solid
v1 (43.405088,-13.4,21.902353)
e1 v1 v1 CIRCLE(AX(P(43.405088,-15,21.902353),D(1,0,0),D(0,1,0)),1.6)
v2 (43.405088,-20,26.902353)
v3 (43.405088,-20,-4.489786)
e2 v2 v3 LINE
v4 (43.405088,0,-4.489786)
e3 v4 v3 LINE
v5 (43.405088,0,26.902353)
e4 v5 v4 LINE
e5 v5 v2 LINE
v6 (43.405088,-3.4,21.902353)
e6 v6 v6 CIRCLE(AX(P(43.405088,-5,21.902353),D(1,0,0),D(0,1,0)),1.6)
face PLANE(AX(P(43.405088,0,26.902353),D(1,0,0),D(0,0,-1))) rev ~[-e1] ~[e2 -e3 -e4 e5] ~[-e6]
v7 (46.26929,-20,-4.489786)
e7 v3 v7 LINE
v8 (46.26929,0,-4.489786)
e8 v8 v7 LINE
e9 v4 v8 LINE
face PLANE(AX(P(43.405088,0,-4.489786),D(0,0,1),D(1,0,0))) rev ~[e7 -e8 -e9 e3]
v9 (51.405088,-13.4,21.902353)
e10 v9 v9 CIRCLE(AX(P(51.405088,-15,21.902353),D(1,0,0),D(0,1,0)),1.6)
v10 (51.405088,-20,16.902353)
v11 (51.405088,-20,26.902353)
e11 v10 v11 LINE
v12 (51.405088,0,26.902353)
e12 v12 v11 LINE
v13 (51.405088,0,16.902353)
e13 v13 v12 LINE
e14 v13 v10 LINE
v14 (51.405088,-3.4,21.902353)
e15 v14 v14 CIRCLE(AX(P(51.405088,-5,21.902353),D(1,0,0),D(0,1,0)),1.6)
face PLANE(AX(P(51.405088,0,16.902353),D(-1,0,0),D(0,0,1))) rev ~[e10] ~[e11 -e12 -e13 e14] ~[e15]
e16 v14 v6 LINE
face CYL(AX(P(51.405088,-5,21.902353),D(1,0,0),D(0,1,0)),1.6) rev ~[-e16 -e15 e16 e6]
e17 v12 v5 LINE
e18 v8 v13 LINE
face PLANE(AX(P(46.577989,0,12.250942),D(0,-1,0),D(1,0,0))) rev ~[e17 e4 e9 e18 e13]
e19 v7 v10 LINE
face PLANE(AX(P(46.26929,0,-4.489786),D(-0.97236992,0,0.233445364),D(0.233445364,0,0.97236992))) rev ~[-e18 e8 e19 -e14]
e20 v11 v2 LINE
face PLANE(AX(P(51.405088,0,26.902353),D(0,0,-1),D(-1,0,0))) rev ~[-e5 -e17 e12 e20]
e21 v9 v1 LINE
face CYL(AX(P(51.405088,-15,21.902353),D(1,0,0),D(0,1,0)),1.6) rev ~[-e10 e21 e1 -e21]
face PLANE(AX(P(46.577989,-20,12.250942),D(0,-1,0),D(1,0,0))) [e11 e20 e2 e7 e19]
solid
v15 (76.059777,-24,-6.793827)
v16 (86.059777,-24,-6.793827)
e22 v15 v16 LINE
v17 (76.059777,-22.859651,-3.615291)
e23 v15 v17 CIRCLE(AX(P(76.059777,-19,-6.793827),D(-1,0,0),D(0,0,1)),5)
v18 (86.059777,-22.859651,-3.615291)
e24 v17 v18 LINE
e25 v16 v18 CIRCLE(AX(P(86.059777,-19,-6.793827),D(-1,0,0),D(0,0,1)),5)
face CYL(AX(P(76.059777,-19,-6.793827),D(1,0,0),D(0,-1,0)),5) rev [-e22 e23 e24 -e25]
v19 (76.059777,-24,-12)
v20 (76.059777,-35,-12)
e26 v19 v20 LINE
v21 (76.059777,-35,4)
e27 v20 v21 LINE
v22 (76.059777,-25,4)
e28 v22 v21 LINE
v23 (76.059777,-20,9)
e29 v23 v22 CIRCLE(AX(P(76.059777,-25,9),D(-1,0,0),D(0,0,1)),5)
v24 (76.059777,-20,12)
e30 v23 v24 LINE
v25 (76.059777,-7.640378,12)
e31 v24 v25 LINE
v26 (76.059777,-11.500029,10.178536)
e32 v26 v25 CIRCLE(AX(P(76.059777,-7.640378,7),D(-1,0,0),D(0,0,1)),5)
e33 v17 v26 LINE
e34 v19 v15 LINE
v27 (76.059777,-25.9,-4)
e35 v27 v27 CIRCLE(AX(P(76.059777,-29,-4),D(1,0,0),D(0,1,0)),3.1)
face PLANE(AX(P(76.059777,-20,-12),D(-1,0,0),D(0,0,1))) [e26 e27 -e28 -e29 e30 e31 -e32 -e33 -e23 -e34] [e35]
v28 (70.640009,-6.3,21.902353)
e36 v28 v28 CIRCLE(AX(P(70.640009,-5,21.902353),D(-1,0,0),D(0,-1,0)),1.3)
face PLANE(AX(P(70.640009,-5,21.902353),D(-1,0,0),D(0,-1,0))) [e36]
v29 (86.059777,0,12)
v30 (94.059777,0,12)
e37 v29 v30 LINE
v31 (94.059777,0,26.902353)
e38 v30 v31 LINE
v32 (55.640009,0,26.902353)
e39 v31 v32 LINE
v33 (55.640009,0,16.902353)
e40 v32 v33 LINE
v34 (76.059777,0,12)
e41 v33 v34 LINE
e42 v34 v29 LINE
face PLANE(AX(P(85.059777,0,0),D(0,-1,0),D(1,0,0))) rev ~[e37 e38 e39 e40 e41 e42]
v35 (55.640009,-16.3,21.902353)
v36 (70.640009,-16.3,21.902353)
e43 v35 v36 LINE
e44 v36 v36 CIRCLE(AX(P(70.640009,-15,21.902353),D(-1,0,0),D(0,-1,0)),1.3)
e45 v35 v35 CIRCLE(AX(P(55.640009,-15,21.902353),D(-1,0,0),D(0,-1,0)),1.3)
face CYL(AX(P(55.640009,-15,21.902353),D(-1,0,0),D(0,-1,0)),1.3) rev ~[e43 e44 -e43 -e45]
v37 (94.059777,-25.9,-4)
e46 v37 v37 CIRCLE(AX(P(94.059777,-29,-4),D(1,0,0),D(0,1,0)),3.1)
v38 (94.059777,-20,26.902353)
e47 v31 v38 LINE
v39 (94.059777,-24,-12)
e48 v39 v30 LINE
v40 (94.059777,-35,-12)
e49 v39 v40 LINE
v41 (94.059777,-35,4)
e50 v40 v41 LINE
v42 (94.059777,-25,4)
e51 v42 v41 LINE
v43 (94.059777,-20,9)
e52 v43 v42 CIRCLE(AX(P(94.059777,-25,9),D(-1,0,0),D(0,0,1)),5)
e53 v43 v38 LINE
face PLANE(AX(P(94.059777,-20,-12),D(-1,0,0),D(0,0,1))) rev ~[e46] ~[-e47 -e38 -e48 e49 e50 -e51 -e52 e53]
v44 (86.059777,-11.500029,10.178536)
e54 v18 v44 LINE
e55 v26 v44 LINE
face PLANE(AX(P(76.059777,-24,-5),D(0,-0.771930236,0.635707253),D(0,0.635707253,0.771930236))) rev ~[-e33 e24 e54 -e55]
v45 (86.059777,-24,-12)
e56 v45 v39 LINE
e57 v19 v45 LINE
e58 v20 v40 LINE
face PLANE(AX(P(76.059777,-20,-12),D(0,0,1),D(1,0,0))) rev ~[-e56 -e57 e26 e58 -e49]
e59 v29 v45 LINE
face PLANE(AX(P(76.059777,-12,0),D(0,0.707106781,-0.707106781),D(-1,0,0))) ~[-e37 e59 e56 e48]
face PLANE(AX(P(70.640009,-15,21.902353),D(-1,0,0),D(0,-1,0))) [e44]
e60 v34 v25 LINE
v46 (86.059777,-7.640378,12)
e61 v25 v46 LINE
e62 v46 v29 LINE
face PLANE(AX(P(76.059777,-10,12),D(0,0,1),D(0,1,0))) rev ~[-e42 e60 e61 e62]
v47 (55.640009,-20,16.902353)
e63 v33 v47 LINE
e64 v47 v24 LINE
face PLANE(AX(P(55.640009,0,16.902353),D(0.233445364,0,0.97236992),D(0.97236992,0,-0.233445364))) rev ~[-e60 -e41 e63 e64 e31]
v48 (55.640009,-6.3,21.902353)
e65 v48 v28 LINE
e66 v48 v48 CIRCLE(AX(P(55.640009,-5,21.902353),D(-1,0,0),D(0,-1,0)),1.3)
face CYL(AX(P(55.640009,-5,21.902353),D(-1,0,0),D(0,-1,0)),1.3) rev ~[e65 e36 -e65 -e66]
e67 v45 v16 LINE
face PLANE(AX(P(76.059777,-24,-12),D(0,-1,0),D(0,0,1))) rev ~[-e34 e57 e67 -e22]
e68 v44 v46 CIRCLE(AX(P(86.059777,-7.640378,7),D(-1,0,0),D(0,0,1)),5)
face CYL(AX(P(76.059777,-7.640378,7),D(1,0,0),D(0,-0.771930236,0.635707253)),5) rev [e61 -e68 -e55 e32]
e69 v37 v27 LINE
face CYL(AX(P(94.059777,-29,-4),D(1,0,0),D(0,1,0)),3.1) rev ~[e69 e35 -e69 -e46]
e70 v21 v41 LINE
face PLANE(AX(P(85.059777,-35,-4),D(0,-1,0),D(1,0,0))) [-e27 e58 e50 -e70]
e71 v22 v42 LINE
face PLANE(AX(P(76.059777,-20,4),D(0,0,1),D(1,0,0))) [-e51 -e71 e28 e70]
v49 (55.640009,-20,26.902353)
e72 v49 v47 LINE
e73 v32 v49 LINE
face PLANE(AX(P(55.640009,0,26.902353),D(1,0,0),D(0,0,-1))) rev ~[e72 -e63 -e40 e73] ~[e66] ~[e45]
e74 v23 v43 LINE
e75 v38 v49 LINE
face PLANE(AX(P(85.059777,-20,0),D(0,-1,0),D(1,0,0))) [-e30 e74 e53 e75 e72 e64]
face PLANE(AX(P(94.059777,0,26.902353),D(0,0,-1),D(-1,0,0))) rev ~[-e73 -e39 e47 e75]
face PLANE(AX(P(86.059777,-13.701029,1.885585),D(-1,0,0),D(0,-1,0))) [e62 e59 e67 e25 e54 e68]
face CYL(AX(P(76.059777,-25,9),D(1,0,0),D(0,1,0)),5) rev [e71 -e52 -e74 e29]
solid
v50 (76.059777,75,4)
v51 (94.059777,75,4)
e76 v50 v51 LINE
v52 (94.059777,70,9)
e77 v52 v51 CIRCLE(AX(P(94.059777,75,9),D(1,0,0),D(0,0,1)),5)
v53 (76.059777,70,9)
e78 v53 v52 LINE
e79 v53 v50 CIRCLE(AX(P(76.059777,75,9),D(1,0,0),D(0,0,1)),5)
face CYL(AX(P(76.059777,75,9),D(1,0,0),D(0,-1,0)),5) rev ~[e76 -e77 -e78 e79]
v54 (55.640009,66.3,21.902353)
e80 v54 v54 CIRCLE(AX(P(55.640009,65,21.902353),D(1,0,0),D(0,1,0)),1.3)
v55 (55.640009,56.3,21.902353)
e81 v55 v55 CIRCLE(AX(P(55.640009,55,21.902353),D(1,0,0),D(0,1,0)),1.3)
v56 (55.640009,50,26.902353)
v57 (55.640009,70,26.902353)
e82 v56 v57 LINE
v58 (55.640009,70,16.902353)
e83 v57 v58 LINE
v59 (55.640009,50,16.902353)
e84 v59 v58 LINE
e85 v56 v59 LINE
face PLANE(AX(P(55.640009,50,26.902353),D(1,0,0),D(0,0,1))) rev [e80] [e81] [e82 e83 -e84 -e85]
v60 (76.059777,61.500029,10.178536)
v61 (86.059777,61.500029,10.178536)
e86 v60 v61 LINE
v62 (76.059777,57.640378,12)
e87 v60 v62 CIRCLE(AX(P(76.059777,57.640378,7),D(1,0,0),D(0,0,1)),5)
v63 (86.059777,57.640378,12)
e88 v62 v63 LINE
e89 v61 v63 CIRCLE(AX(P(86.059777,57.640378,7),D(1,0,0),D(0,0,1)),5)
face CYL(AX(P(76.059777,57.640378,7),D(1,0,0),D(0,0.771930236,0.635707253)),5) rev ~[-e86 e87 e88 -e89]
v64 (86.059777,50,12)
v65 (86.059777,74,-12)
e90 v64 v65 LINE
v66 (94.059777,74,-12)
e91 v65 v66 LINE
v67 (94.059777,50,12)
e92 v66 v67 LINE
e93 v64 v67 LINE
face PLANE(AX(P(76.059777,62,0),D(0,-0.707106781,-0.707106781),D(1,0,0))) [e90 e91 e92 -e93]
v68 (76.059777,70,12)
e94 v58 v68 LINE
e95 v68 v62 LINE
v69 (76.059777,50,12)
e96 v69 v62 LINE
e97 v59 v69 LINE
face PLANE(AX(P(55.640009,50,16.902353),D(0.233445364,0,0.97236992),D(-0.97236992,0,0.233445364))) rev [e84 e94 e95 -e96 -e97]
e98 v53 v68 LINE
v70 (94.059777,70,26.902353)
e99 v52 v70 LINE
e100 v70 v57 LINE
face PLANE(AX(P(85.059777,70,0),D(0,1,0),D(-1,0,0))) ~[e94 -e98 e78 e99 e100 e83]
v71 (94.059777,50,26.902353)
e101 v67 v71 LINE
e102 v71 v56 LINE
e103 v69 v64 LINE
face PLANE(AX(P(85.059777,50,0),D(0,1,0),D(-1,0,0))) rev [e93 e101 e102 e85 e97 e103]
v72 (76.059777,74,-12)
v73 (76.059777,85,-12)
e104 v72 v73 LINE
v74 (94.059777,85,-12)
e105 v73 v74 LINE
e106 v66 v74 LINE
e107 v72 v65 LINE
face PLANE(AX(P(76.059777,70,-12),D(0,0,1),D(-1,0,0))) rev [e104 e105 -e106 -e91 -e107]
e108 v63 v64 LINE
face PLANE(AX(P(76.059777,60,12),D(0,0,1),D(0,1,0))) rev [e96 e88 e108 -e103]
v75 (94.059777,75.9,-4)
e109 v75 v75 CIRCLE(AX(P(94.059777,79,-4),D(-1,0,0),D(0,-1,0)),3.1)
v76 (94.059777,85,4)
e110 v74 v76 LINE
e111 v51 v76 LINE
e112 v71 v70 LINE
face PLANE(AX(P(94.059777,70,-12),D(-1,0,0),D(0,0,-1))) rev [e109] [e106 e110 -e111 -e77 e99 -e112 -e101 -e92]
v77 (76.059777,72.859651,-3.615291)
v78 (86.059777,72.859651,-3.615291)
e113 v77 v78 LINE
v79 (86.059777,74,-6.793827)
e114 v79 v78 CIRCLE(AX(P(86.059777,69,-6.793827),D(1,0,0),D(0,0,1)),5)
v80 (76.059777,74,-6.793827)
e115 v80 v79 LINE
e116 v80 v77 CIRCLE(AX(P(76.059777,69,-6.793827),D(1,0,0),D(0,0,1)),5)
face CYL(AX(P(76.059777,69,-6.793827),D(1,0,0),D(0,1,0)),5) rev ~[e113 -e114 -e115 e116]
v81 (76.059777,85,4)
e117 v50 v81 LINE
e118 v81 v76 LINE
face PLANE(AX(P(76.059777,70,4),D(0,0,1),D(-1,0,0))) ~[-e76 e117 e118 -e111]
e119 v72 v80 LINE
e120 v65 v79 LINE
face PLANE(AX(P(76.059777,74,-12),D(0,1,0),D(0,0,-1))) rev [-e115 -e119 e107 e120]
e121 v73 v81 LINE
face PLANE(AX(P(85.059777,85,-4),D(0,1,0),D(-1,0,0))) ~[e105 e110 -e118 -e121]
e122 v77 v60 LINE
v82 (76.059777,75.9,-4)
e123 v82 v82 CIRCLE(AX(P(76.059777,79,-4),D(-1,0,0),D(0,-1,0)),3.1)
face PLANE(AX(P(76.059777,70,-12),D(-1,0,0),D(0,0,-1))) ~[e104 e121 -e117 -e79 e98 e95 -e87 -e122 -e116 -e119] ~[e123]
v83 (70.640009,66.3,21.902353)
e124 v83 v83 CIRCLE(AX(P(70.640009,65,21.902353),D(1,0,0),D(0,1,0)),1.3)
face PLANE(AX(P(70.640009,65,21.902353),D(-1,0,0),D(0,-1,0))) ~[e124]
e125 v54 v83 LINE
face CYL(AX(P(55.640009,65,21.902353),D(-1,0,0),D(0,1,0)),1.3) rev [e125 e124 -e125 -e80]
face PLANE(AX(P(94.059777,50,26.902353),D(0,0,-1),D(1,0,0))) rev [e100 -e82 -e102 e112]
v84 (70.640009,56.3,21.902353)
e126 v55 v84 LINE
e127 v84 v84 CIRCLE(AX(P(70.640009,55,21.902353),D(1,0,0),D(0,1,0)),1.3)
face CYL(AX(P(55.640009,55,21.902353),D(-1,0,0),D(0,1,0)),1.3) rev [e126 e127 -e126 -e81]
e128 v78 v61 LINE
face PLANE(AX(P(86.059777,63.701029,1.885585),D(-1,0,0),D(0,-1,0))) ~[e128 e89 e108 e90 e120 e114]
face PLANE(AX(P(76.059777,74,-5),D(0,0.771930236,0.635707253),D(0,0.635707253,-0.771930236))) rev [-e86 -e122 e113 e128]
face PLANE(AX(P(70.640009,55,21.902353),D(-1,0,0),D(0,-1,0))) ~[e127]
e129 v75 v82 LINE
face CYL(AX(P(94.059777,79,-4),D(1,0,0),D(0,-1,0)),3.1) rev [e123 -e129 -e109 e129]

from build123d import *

# Parameters (mm, degrees)
F0_W      = 18
F0_H      = 24
F1_DEPTH  = 20
F2_R      = 1.3
F3_DEPTH  = 15
F4_R      = 1.6
F5_DEPTH  = 10
F6_W      = 18
F6_H      = 16
F7_DEPTH  = 15
F8_R      = 3.1
F9_DEPTH  = 50.6556891443
F10_SIZE  = 24
F12_DEPTH = 10
F13_R     = 5


with BuildPart() as f1:
    # F0 (on Front) → F1 (new body)
    with BuildSketch(Plane.XZ):
        with Locations((85.0597769022, 0)):
            Rectangle(F0_W, F0_H)
        Polygon((76.0597769022, 12), (94.0597769022, 12), (94.0597769022, 26.902352641), (55.6400085738, 26.902352641), (55.6400085738, 16.902352641), align=None)
    extrude(amount=F1_DEPTH)

    # F2 (on face) → F3 (cut)
    with BuildSketch(Plane(origin=(55.6400085738, 0, 0), x_dir=(0, -1, 0), z_dir=(-1, 0, 0))):
        with Locations((15, 21.902352641)):
            Circle(F2_R)
        with Locations((5, 21.902352641)):
            Circle(F2_R)
    extrude(amount=-F3_DEPTH, mode=Mode.SUBTRACT)

    # F6 (on face) → F7 (join)
    with BuildSketch(Plane.XZ.offset(20)):
        with Locations((85.0597769022, -4)):
            Rectangle(F6_W, F6_H)
    extrude(amount=F7_DEPTH)

    # F8 (on face) → F9 (cut, through all)
    with BuildSketch(Plane.YZ.offset(94.0597769022)):
        with Locations((-29, -4)):
            Circle(F8_R)
    extrude(amount=-F9_DEPTH, mode=Mode.SUBTRACT)

    # F10
    f10_edges = [f1.edges().sort_by_distance(p)[0] for p in [
        (85.059777, 0, -12),
    ]]
    chamfer(f10_edges, length=F10_SIZE)

    # F11 (on face) → F12 (cut)
    with BuildSketch(Plane(origin=(76.0597769022, 0, 0), x_dir=(0, -1, 0), z_dir=(-1, 0, 0))):
        Polygon((10, 12), (0, 12), (24, -12), (24, -5), align=None)
    extrude(amount=-F12_DEPTH, mode=Mode.SUBTRACT)

    # F13
    f13_edges = [f1.edges().sort_by_distance(p)[0] for p in [
        (85.059777, -20, 4),
        (81.059777, -24, -5),
        (81.059777, -10, 12),
    ]]
    fillet(f13_edges, radius=F13_R)


with BuildPart() as f1b:
    # F0 (on Front) → F1, piece 2 (new body)
    with BuildSketch(Plane.XZ):
        Polygon((51.4050877579, 16.902352641), (51.4050877579, 26.902352641), (43.4050877579, 26.902352641), (43.4050877579, -4.4897856078), (46.2692897531, -4.4897856078), align=None)
    extrude(amount=F1_DEPTH)

    # F4 (on face) → F5 (cut)
    with BuildSketch(Plane.YZ.offset(51.4050877579)):
        with Locations((-15, 21.902352641)):
            Circle(F4_R)
        with Locations((-5, 21.902352641)):
            Circle(F4_R)
    extrude(amount=-F5_DEPTH, mode=Mode.SUBTRACT)


with BuildPart() as f15_1:
    # F15: instance of F1
    add(f1.part.mirror(Plane(origin=(76.0380731249, 25, 20.0084246403), x_dir=(1, 0, 0), z_dir=(0, 1, 0))))


solid = Compound([f1.part, f1b.part, f15_1.part])
